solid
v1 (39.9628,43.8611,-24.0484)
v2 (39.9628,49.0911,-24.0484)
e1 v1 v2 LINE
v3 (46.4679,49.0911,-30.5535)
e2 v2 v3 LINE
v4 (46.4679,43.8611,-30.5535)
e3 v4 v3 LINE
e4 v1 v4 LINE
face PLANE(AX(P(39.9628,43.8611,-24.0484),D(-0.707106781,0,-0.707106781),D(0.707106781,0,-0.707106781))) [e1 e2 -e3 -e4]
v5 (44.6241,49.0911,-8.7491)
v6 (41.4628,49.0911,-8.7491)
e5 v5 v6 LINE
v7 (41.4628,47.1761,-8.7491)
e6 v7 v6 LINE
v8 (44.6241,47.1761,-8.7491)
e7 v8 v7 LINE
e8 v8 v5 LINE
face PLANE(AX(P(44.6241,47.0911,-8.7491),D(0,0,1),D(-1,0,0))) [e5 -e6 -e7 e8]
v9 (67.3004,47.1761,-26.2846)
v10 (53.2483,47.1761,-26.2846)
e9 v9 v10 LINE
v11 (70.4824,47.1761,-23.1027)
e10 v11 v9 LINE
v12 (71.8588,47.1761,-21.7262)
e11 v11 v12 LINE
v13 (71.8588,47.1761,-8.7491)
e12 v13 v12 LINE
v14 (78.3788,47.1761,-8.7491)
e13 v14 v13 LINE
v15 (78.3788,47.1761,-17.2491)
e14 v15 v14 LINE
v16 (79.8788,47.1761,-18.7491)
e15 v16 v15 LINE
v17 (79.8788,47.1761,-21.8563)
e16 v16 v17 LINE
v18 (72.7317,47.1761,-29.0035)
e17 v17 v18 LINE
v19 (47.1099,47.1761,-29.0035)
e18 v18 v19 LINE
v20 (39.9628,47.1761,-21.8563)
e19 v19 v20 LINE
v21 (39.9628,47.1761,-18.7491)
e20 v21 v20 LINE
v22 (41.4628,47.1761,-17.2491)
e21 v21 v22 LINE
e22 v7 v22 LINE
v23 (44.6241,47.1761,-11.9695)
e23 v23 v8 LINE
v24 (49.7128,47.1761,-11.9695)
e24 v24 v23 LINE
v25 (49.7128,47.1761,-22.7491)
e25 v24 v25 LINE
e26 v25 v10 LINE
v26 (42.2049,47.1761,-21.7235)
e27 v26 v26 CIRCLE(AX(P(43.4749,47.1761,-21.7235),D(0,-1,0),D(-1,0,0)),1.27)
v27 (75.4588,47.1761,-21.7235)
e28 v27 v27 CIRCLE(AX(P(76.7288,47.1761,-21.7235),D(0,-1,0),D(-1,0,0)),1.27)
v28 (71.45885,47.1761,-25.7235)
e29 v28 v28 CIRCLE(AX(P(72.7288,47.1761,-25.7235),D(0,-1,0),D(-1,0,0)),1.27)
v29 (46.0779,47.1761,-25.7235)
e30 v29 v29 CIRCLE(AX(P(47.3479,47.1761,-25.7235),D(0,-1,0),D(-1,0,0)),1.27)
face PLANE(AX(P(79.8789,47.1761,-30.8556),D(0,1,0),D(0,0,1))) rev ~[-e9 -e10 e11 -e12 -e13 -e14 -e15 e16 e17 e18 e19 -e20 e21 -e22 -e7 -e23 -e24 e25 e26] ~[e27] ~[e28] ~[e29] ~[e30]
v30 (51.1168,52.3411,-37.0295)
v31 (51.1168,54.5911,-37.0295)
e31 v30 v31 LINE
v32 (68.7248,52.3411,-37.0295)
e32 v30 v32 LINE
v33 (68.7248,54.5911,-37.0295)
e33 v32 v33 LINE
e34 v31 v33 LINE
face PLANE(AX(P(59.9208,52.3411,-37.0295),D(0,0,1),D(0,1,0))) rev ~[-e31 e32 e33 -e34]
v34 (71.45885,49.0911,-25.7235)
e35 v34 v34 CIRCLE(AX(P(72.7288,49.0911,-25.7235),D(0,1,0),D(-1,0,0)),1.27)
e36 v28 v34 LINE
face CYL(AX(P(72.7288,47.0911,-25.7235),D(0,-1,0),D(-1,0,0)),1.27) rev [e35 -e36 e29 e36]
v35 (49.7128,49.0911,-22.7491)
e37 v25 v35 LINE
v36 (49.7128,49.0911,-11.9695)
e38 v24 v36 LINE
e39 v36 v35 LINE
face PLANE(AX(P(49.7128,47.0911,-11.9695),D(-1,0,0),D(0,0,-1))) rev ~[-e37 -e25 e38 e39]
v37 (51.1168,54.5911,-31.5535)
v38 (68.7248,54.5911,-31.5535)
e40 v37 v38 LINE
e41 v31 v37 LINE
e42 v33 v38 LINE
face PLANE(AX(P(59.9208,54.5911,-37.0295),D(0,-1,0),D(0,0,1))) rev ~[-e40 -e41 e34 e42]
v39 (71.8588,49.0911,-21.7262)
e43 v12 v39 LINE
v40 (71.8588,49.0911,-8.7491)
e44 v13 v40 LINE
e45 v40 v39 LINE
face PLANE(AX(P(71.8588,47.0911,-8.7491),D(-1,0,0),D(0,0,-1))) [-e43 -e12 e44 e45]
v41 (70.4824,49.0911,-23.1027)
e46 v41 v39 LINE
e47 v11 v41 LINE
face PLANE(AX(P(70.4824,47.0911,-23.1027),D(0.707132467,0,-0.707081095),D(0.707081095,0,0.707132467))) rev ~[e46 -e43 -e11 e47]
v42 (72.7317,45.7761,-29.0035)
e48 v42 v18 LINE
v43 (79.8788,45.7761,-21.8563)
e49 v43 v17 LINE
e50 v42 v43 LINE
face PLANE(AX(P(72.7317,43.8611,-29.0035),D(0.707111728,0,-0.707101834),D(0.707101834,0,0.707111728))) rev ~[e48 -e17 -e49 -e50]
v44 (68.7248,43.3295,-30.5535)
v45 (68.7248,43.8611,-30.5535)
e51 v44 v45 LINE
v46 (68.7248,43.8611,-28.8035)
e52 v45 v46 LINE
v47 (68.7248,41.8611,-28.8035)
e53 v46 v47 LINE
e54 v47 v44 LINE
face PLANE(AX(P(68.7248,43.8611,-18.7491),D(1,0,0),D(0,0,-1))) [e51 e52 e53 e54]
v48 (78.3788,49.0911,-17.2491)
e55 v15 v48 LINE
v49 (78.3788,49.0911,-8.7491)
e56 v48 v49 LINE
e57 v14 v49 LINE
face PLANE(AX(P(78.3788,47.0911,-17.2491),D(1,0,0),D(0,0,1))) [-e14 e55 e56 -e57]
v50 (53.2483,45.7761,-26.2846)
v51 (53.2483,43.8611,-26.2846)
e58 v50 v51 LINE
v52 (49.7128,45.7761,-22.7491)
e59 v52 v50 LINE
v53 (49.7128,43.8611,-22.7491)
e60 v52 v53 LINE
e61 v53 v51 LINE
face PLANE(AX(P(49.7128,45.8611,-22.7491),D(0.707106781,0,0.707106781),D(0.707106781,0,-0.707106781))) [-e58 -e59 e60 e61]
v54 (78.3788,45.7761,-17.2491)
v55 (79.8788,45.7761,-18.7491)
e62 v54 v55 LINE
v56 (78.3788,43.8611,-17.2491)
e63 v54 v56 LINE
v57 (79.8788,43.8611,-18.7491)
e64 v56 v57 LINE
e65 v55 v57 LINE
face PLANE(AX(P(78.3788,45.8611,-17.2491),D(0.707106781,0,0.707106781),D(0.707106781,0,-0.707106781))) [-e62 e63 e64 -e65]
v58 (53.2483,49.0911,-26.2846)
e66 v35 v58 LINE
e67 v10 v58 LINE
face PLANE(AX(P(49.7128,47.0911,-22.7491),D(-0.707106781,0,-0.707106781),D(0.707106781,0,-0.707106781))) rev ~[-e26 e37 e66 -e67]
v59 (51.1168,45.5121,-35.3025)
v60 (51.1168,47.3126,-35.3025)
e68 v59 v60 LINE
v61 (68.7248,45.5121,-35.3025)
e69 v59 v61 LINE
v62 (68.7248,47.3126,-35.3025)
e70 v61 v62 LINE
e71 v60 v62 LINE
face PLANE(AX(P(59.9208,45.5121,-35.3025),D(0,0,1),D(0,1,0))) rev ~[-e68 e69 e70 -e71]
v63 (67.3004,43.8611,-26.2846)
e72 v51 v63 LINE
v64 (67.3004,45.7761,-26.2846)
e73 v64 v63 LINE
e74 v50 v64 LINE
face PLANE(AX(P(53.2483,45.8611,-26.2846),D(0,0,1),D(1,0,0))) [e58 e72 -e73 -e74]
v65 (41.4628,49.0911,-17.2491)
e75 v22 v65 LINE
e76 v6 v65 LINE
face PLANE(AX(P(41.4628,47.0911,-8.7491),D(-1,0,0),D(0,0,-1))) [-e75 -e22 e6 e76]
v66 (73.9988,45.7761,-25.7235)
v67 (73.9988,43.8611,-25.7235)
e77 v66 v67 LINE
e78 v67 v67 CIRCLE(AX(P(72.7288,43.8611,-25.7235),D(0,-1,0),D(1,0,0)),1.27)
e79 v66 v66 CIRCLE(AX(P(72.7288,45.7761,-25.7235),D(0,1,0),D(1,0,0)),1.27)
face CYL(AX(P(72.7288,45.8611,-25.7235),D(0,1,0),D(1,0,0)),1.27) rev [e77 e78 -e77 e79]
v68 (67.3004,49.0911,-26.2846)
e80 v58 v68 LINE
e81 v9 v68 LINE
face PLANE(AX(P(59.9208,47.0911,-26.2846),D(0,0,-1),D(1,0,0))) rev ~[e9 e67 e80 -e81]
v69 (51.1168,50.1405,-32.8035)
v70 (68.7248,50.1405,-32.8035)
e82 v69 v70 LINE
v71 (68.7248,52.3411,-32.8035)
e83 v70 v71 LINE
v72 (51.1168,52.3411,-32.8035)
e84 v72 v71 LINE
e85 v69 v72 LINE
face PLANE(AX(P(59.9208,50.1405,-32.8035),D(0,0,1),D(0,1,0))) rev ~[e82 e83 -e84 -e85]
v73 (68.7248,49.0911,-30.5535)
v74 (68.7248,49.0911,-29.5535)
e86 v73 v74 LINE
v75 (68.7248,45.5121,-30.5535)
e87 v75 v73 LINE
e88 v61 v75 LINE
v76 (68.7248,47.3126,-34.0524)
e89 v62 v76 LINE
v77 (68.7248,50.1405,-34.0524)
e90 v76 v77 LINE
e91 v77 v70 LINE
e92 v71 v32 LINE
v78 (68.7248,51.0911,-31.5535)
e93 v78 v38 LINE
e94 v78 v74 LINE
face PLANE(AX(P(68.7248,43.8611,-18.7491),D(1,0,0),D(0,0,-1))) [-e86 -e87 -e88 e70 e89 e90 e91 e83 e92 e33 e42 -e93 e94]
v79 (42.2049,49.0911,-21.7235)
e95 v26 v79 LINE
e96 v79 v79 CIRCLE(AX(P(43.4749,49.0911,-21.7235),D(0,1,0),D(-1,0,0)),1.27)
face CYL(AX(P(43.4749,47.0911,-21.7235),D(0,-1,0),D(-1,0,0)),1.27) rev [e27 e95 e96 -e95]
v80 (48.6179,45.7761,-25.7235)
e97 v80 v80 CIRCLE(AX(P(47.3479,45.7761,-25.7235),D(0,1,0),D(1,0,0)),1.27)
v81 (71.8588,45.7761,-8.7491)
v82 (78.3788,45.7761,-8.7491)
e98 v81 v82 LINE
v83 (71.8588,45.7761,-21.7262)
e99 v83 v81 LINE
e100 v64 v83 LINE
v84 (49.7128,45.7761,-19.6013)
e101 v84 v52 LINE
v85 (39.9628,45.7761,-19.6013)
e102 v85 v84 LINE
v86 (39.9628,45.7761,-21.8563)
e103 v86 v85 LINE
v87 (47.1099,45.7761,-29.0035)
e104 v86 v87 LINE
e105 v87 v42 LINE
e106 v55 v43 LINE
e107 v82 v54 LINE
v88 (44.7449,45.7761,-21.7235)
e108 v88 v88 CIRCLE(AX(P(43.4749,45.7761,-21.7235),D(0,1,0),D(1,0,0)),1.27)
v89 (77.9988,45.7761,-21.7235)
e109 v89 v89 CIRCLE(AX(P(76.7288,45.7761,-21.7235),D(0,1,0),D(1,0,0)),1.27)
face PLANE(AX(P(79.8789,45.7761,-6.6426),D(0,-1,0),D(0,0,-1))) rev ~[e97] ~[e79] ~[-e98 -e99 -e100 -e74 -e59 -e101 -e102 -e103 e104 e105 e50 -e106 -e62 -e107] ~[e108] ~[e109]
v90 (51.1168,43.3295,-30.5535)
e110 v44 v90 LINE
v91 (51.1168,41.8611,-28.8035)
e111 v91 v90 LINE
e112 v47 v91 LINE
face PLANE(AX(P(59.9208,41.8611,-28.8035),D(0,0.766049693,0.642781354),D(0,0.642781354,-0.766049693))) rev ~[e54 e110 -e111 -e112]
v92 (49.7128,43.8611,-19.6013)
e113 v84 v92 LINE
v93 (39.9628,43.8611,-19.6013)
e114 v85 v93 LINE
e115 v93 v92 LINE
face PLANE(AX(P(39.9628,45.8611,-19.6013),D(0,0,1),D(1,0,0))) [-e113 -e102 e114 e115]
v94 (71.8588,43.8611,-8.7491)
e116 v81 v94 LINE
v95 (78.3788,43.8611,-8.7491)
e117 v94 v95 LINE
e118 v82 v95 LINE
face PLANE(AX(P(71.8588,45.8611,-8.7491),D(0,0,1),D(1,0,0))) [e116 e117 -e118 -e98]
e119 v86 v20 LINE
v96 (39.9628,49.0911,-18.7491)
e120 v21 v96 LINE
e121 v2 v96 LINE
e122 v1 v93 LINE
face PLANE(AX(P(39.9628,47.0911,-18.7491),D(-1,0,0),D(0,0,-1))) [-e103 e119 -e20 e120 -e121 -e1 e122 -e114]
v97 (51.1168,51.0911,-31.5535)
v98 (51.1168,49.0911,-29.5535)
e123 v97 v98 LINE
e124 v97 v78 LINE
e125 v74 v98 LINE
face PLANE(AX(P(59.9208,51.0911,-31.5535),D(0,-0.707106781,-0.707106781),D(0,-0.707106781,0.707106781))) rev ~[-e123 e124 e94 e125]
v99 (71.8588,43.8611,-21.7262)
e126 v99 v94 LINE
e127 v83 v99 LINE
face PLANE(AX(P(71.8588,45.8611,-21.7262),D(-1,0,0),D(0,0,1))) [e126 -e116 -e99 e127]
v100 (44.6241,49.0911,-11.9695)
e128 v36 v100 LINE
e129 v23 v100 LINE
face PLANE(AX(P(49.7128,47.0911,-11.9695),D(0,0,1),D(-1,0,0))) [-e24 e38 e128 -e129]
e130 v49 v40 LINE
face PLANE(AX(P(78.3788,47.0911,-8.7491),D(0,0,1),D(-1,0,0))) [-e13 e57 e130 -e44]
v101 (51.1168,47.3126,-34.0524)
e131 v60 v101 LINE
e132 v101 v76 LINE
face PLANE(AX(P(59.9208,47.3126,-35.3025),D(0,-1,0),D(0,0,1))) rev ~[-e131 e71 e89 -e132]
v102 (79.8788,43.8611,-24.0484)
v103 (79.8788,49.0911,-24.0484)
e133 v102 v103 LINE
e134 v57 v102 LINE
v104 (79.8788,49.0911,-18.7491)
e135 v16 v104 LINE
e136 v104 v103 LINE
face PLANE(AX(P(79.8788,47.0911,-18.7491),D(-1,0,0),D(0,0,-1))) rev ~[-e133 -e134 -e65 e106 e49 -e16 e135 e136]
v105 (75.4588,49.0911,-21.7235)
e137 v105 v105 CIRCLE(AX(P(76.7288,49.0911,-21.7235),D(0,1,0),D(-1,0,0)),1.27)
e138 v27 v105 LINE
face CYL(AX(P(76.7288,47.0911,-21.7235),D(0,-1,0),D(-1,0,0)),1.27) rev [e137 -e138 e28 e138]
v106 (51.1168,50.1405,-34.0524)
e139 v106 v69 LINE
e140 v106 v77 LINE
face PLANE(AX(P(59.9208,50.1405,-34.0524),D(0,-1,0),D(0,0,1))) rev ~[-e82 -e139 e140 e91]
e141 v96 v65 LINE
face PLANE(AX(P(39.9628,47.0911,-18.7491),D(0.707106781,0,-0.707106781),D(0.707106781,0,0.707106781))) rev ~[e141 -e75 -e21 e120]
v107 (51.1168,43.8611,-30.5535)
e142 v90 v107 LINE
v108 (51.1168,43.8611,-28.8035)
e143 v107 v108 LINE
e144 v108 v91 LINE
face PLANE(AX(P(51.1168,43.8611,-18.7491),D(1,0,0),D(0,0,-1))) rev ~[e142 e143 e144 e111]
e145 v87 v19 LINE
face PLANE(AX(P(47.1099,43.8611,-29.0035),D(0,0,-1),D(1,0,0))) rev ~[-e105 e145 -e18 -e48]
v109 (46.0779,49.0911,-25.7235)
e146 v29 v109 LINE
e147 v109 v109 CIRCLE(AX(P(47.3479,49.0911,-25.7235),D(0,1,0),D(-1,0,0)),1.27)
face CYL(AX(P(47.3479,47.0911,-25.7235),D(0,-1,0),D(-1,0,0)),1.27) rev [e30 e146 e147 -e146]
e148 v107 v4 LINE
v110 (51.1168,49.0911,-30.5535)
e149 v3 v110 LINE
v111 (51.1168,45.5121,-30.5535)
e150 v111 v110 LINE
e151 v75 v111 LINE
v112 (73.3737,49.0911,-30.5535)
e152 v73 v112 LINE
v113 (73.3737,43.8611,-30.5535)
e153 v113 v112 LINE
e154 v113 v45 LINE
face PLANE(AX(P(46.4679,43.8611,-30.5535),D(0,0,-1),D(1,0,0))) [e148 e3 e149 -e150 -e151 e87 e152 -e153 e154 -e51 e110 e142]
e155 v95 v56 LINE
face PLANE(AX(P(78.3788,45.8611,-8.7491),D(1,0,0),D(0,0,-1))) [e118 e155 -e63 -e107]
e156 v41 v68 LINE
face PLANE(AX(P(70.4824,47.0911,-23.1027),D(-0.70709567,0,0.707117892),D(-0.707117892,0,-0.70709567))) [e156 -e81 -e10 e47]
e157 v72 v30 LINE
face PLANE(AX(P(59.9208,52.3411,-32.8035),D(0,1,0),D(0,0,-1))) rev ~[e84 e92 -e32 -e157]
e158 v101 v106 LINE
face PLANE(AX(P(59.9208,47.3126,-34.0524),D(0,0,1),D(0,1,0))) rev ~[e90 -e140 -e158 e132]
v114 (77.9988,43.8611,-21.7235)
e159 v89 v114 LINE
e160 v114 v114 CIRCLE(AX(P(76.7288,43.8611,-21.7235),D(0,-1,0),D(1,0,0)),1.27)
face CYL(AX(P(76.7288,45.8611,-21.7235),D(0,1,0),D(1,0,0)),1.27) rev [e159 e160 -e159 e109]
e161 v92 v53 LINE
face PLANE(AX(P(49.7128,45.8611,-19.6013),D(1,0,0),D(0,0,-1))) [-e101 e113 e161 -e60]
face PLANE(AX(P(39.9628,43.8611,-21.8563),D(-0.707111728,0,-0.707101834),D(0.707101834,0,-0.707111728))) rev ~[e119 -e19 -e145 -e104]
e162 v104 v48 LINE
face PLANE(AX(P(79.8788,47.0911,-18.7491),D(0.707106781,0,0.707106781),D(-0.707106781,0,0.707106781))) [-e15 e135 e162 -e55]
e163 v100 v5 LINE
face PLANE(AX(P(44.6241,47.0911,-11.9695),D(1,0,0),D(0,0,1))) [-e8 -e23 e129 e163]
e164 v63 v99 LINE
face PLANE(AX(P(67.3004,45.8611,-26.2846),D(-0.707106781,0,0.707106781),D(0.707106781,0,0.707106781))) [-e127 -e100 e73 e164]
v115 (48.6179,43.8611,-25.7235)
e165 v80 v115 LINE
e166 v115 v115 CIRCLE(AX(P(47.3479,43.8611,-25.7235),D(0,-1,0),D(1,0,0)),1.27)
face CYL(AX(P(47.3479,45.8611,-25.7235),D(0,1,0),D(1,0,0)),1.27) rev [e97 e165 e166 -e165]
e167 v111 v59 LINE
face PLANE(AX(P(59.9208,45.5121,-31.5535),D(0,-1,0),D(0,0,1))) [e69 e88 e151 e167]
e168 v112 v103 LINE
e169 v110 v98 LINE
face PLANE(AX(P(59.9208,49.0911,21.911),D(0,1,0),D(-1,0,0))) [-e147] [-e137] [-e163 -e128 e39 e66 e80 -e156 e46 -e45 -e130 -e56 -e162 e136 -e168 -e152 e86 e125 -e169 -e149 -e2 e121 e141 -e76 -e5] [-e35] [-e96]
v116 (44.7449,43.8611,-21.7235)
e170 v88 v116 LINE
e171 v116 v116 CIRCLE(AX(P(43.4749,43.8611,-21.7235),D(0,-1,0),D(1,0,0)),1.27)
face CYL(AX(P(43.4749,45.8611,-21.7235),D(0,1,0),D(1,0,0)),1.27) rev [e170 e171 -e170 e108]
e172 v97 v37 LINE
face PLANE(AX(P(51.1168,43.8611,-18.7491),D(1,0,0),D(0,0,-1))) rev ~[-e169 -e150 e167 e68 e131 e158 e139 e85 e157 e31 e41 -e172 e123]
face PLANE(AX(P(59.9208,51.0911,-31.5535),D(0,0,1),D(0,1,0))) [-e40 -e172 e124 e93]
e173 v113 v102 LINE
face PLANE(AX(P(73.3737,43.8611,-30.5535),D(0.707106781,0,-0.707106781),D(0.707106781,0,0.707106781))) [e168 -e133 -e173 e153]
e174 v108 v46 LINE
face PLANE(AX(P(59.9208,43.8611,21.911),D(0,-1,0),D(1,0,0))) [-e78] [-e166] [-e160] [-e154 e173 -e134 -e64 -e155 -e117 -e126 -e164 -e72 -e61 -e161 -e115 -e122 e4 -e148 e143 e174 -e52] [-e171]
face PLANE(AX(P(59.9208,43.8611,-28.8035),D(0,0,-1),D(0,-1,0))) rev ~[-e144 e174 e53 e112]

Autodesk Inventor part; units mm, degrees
ref_plane "Work Plane1" through (59.9208, 47.0911, 21.911) normal (0, 1, 0) x (-1, 0, 0)
sketch "Sketch1" plane through (59.9208, 47.0911, 21.911) normal (0, 1, 0) x (-1, 0, 0)
  circle A0 centre (-16.808, -43.6345) radius 1.27
  circle A1 centre (12.5729, -47.6345) radius 1.27
  circle A2 centre (16.4459, -43.6345) radius 1.27
  circle A3 centre (-12.808, -47.6345) radius 1.27
  line L0 (10.208, -33.8805) -> (10.208, -44.6601)
  line L1 (10.208, -44.6601) -> (6.6725, -48.1956)
  circle A4 centre (-16.808, -43.6345) radius 1.27 projected
  circle A5 centre (12.5729, -47.6345) radius 1.27 projected
  circle A6 centre (16.4459, -43.6345) radius 1.27 projected
  circle A7 centre (-12.8081, -47.6345) radius 1.27 projected
  line L2 (19.708, -15.6655) -> (-19.708, -15.6655)
  line L3 (0, -15.6655) -> (0, -20.8781)
  line L4 (6.6725, -48.1956) -> (-7.3796, -48.1956)
  line L5 (-19.958, -43.8381) -> (-12.8316, -50.9645)
  line L6 (-12.8316, -50.9645) -> (12.8316, -50.9645)
  line L7 (-19.958, -40.6601) -> (-19.958, -43.8381)
  line L8 (0, -48.1956) -> (0, -46.7038)
  line L9 (19.958, -43.8381) -> (12.8316, -50.9645)
  line L10 (19.958, -40.6601) -> (19.958, -43.8381)
  line L11 (-11.938, -30.6601) -> (-11.938, -43.6372)
  line L12 (-10.5616, -45.0137) -> (-11.938, -43.6372)
  line L13 (-10.5616, -45.0137) -> (-7.3796, -48.1956)
  line L14 (15.2967, -30.6601) -> (18.458, -30.6601)
  line L15 (18.458, -30.6601) -> (18.458, -39.1601)
  line L16 (-18.458, -39.1601) -> (-18.458, -30.6601)
  line L17 (-18.458, -30.6601) -> (-11.938, -30.6601)
  line L18 (10.208, -33.8805) -> (15.2967, -33.8805)
  line L19 (15.2967, -33.8805) -> (15.2967, -30.6601)
  line L20 (-19.958, -40.6601) -> (-18.458, -39.1601)
  line L21 (19.958, -40.6601) -> (18.458, -39.1601)
  point P0 (-19.708, -43.6601)
  point P1 (-6.6725, -48.1956)
  dimension "d14" = 5
  dimension "d15" = 135
  dimension "d18" = 2.54
extrude "Extrusion1" add sketch "Sketch1" along normal blind 2
ref_plane "Work Plane2" through (59.9208, 45.8611, 21.911) normal (0, -1, 0) x (1, 0, 0)
sketch "Sketch2" plane through (59.9208, 45.8611, 21.911) normal (0, -1, 0) x (1, 0, 0)
  line L0 (-10.208, -33.8805) -> (-10.208, -44.6601) projected
  line L1 (-10.208, -44.6601) -> (-6.6725, -48.1956) projected
  line L2 (-6.6725, -48.1956) -> (7.3796, -48.1956) projected
  circle A0 centre (16.808, -43.6345) radius 1.27 projected
  circle A1 centre (-12.5729, -47.6345) radius 1.27 projected
  circle A2 centre (-16.4459, -43.6345) radius 1.27 projected
  circle A3 centre (12.808, -47.6345) radius 1.27 projected
  line L3 (19.958, -40.6601) -> (19.958, -43.8381) projected
  line L4 (19.958, -43.8381) -> (12.8316, -50.9645) projected
  line L5 (12.8316, -50.9645) -> (-12.8316, -50.9645) projected
  line L6 (-12.8316, -50.9645) -> (-19.958, -43.8381) projected
  line L7 (-19.958, -43.8381) -> (-19.958, -40.6601) projected
  line L8 (7.3796, -48.1956) -> (11.938, -43.6372) projected
  line L9 (11.938, -43.6372) -> (11.938, -30.6601) projected
  line L10 (11.938, -30.6601) -> (18.458, -30.6601) projected
  line L11 (18.458, -30.6601) -> (18.458, -39.1601) projected
  line L12 (-18.458, -39.1601) -> (-18.458, -30.6601) projected
  line L13 (-18.458, -30.6601) -> (-15.2967, -30.6601) projected
  line L14 (-15.2967, -30.6601) -> (-15.2967, -33.8805) projected
  line L15 (-15.2967, -33.8805) -> (-10.208, -33.8805) projected
  line L16 (18.458, -39.1601) -> (19.958, -40.6601) projected
  line L17 (-19.958, -40.6601) -> (-18.458, -39.1601) projected
  circle A4 centre (-16.4459, -43.6345) radius 1.27 projected
  line L18 (-19.958, -43.8381) -> (-19.958, -40.6601) projected
  line L19 (-19.958, -41.5123) -> (-10.208, -41.5123)
  line L20 (-10.208, -33.8805) -> (-10.208, -44.6601) projected
  point P0 (-59.9208, -21.911)
extrude "Extrusion2" add sketch "Sketch2" along normal blind 2 contours L0 L1 L2 L8 L9 L10 L11 L16 L3 L4 L5 L6 L7 L19
sketch "Sketch4" plane through (79.8789, 45.8611, -18.7491) normal (1, 0, 0) x (0, 0, -1)
  line L0 (0, 1.23) -> (3.178, 1.23) projected
  line L1 (0, 0) -> (-1.5, 0) projected
  line L2 (0, 1.23) -> (0, 0)
  line L3 (-12.1065, -0.085) -> (12.1065, -0.085)
  line L4 (12.1065, -0.085) -> (12.1065, 1.315)
  line L5 (12.1065, 1.315) -> (-12.1065, 1.315)
  line L6 (-12.1065, 1.315) -> (-12.1065, -0.085)
  line L7 (-12.1065, -0.085) -> (12.1065, 1.315) construction
  line L8 (12.1065, -0.085) -> (-12.1065, 1.315) construction
  point P0 (0, 0.615)
  dimension "d73" = 1.4
extrude "Extrusion3" cut sketch "Sketch4" against normal through all
sketch "Sketch5" plane through (59.9208, 43.8611, 21.911) normal (0, -1, 0) x (1, 0, 0)
  line L0 (-19.708, -43.6601) -> (-19.708, -40.6601)
  line L1 (-12.6424, -50.7145) -> (-19.708, -43.6601)
  line L2 (12.728, -50.7145) -> (-12.6424, -50.7145)
  line L3 (19.708, -43.7345) -> (12.728, -50.7145)
  line L4 (-13.4529, -52.4645) -> (13.4529, -52.4645)
  line L5 (19.708, -43.7345) -> (19.708, -40.6601)
  line L6 (-12.8316, -50.9145) -> (12.8316, -50.9145)
  line L7 (12.8316, -50.9645) -> (11.3316, -52.4645)
  line L8 (-19.958, -43.8381) -> (-12.8316, -50.9645)
  line L9 (-12.8316, -50.9645) -> (-11.3316, -52.4645)
  line L10 (-12.8316, -50.9645) -> (-10.7103, -50.9645) construction
  line L11 (12.8316, -50.9145) -> (12.8816, -50.9145)
  line L12 (-12.8316, -50.9645) -> (12.8316, -50.9645)
  line L13 (12.8316, -50.9645) -> (12.8816, -50.9145)
  line L14 (12.8316, -50.9645) -> (19.958, -43.8381)
  line L15 (-12.8316, -50.9145) -> (-12.8816, -50.9145)
  line L16 (-12.8316, -50.9645) -> (-12.8816, -50.9145)
  line L17 (12.8109, -50.9145) -> (19.958, -43.7673)
  line L18 (-19.958, -43.7673) -> (-12.8109, -50.9145)
  line L19 (-19.958, -45.9594) -> (-13.4529, -52.4645)
  line L20 (13.4529, -52.4645) -> (19.958, -45.9594)
  line L21 (-19.958, -43.7673) -> (-19.958, -45.9594)
  line L22 (12.8316, -50.9645) -> (19.958, -43.8381) projected
  line L23 (19.958, -43.8381) -> (19.958, -45.9594)
  line L24 (19.958, -43.8381) -> (19.958, -43.7673)
  line L25 (19.958, -43.8381) -> (19.958, -40.6601) projected
  dimension "d29" = 0.2
  dimension "d62" = 45
  dimension "d74" = 0.05
  dimension "d75" = 0.05
  dimension "d76" = 1.5
  dimension "d77" = 1.5
extrude "Extrusion4" add sketch "Sketch5" against normal up to surface (5.23 mm away)
ref_plane "Work Plane13" through (59.9208, 43.8611, -18.7491) normal (1, 0, 0) x (0, 0, -1)
ref_plane "Work Plane14" through (53.2483, 46.4761, -26.2847) normal (0, 1, 0) x (1, 0, 0)
sketch "Sketch18" plane through (59.9208, 43.8611, -18.7491) normal (1, 0, 0) x (0, 0, -1)
  line L0 (12.8044, 1.651) -> (16.5534, 1.651)
  line L1 (16.5534, 1.651) -> (16.5534, 3.4515)
  line L2 (16.5534, 3.4515) -> (15.3033, 3.4515)
  line L3 (15.3033, 3.4515) -> (15.3033, 6.2794)
  line L4 (15.3033, 6.2794) -> (14.0544, 6.2794)
  line L5 (14.0544, 6.2794) -> (14.0544, 8.48)
  line L6 (14.0544, 8.48) -> (18.2804, 8.48)
  line L7 (18.2804, 8.48) -> (18.2804, 10.73)
  line L8 (18.2804, 10.73) -> (12.8044, 10.73)
  line L9 (12.8044, 7.23) -> (12.8044, 10.73)
  line L10 (11.8044, 0) -> (11.8044, 5.23) projected
  line L11 (11.8044, 5.23) -> (11.8044, 0)
  line L12 (11.8044, 5.23) -> (10.8044, 5.23)
  line L13 (12.8044, 1.651) -> (11.8044, 1.651)
  line L14 (12.8044, 7.23) -> (10.8044, 5.23)
  line L15 (11.8044, 0) -> (10.0544, 0)
  line L16 (10.0544, 0) -> (10.0544, -2)
  line L17 (10.0544, -2) -> (11.8044, -0.5316)
  line L18 (11.8044, -0.5316) -> (11.8044, 0)
  point P0 (12.8044, 5.23)
  point P1 (11.8044, 1.651)
  dimension "d182" = 2
  dimension "d183" = 2
  dimension "d184" = 1.75
  dimension "d185" = 2
  dimension "d186" = 50
extrude "Extrusion12" add sketch "Sketch18" along normal blind 8.804 and the other way blind 8.804
ref_plane "Work Plane19" through (51.1168, 52.1911, -37.0296) normal (0, -1, 0) x (1, 0, 0)
ref_plane "Work Plane20" through (68.7248, 50.1406, -34.2524) normal (0, 0, -1) x (-1, 0, 0)
properties part number "Button Holder"
